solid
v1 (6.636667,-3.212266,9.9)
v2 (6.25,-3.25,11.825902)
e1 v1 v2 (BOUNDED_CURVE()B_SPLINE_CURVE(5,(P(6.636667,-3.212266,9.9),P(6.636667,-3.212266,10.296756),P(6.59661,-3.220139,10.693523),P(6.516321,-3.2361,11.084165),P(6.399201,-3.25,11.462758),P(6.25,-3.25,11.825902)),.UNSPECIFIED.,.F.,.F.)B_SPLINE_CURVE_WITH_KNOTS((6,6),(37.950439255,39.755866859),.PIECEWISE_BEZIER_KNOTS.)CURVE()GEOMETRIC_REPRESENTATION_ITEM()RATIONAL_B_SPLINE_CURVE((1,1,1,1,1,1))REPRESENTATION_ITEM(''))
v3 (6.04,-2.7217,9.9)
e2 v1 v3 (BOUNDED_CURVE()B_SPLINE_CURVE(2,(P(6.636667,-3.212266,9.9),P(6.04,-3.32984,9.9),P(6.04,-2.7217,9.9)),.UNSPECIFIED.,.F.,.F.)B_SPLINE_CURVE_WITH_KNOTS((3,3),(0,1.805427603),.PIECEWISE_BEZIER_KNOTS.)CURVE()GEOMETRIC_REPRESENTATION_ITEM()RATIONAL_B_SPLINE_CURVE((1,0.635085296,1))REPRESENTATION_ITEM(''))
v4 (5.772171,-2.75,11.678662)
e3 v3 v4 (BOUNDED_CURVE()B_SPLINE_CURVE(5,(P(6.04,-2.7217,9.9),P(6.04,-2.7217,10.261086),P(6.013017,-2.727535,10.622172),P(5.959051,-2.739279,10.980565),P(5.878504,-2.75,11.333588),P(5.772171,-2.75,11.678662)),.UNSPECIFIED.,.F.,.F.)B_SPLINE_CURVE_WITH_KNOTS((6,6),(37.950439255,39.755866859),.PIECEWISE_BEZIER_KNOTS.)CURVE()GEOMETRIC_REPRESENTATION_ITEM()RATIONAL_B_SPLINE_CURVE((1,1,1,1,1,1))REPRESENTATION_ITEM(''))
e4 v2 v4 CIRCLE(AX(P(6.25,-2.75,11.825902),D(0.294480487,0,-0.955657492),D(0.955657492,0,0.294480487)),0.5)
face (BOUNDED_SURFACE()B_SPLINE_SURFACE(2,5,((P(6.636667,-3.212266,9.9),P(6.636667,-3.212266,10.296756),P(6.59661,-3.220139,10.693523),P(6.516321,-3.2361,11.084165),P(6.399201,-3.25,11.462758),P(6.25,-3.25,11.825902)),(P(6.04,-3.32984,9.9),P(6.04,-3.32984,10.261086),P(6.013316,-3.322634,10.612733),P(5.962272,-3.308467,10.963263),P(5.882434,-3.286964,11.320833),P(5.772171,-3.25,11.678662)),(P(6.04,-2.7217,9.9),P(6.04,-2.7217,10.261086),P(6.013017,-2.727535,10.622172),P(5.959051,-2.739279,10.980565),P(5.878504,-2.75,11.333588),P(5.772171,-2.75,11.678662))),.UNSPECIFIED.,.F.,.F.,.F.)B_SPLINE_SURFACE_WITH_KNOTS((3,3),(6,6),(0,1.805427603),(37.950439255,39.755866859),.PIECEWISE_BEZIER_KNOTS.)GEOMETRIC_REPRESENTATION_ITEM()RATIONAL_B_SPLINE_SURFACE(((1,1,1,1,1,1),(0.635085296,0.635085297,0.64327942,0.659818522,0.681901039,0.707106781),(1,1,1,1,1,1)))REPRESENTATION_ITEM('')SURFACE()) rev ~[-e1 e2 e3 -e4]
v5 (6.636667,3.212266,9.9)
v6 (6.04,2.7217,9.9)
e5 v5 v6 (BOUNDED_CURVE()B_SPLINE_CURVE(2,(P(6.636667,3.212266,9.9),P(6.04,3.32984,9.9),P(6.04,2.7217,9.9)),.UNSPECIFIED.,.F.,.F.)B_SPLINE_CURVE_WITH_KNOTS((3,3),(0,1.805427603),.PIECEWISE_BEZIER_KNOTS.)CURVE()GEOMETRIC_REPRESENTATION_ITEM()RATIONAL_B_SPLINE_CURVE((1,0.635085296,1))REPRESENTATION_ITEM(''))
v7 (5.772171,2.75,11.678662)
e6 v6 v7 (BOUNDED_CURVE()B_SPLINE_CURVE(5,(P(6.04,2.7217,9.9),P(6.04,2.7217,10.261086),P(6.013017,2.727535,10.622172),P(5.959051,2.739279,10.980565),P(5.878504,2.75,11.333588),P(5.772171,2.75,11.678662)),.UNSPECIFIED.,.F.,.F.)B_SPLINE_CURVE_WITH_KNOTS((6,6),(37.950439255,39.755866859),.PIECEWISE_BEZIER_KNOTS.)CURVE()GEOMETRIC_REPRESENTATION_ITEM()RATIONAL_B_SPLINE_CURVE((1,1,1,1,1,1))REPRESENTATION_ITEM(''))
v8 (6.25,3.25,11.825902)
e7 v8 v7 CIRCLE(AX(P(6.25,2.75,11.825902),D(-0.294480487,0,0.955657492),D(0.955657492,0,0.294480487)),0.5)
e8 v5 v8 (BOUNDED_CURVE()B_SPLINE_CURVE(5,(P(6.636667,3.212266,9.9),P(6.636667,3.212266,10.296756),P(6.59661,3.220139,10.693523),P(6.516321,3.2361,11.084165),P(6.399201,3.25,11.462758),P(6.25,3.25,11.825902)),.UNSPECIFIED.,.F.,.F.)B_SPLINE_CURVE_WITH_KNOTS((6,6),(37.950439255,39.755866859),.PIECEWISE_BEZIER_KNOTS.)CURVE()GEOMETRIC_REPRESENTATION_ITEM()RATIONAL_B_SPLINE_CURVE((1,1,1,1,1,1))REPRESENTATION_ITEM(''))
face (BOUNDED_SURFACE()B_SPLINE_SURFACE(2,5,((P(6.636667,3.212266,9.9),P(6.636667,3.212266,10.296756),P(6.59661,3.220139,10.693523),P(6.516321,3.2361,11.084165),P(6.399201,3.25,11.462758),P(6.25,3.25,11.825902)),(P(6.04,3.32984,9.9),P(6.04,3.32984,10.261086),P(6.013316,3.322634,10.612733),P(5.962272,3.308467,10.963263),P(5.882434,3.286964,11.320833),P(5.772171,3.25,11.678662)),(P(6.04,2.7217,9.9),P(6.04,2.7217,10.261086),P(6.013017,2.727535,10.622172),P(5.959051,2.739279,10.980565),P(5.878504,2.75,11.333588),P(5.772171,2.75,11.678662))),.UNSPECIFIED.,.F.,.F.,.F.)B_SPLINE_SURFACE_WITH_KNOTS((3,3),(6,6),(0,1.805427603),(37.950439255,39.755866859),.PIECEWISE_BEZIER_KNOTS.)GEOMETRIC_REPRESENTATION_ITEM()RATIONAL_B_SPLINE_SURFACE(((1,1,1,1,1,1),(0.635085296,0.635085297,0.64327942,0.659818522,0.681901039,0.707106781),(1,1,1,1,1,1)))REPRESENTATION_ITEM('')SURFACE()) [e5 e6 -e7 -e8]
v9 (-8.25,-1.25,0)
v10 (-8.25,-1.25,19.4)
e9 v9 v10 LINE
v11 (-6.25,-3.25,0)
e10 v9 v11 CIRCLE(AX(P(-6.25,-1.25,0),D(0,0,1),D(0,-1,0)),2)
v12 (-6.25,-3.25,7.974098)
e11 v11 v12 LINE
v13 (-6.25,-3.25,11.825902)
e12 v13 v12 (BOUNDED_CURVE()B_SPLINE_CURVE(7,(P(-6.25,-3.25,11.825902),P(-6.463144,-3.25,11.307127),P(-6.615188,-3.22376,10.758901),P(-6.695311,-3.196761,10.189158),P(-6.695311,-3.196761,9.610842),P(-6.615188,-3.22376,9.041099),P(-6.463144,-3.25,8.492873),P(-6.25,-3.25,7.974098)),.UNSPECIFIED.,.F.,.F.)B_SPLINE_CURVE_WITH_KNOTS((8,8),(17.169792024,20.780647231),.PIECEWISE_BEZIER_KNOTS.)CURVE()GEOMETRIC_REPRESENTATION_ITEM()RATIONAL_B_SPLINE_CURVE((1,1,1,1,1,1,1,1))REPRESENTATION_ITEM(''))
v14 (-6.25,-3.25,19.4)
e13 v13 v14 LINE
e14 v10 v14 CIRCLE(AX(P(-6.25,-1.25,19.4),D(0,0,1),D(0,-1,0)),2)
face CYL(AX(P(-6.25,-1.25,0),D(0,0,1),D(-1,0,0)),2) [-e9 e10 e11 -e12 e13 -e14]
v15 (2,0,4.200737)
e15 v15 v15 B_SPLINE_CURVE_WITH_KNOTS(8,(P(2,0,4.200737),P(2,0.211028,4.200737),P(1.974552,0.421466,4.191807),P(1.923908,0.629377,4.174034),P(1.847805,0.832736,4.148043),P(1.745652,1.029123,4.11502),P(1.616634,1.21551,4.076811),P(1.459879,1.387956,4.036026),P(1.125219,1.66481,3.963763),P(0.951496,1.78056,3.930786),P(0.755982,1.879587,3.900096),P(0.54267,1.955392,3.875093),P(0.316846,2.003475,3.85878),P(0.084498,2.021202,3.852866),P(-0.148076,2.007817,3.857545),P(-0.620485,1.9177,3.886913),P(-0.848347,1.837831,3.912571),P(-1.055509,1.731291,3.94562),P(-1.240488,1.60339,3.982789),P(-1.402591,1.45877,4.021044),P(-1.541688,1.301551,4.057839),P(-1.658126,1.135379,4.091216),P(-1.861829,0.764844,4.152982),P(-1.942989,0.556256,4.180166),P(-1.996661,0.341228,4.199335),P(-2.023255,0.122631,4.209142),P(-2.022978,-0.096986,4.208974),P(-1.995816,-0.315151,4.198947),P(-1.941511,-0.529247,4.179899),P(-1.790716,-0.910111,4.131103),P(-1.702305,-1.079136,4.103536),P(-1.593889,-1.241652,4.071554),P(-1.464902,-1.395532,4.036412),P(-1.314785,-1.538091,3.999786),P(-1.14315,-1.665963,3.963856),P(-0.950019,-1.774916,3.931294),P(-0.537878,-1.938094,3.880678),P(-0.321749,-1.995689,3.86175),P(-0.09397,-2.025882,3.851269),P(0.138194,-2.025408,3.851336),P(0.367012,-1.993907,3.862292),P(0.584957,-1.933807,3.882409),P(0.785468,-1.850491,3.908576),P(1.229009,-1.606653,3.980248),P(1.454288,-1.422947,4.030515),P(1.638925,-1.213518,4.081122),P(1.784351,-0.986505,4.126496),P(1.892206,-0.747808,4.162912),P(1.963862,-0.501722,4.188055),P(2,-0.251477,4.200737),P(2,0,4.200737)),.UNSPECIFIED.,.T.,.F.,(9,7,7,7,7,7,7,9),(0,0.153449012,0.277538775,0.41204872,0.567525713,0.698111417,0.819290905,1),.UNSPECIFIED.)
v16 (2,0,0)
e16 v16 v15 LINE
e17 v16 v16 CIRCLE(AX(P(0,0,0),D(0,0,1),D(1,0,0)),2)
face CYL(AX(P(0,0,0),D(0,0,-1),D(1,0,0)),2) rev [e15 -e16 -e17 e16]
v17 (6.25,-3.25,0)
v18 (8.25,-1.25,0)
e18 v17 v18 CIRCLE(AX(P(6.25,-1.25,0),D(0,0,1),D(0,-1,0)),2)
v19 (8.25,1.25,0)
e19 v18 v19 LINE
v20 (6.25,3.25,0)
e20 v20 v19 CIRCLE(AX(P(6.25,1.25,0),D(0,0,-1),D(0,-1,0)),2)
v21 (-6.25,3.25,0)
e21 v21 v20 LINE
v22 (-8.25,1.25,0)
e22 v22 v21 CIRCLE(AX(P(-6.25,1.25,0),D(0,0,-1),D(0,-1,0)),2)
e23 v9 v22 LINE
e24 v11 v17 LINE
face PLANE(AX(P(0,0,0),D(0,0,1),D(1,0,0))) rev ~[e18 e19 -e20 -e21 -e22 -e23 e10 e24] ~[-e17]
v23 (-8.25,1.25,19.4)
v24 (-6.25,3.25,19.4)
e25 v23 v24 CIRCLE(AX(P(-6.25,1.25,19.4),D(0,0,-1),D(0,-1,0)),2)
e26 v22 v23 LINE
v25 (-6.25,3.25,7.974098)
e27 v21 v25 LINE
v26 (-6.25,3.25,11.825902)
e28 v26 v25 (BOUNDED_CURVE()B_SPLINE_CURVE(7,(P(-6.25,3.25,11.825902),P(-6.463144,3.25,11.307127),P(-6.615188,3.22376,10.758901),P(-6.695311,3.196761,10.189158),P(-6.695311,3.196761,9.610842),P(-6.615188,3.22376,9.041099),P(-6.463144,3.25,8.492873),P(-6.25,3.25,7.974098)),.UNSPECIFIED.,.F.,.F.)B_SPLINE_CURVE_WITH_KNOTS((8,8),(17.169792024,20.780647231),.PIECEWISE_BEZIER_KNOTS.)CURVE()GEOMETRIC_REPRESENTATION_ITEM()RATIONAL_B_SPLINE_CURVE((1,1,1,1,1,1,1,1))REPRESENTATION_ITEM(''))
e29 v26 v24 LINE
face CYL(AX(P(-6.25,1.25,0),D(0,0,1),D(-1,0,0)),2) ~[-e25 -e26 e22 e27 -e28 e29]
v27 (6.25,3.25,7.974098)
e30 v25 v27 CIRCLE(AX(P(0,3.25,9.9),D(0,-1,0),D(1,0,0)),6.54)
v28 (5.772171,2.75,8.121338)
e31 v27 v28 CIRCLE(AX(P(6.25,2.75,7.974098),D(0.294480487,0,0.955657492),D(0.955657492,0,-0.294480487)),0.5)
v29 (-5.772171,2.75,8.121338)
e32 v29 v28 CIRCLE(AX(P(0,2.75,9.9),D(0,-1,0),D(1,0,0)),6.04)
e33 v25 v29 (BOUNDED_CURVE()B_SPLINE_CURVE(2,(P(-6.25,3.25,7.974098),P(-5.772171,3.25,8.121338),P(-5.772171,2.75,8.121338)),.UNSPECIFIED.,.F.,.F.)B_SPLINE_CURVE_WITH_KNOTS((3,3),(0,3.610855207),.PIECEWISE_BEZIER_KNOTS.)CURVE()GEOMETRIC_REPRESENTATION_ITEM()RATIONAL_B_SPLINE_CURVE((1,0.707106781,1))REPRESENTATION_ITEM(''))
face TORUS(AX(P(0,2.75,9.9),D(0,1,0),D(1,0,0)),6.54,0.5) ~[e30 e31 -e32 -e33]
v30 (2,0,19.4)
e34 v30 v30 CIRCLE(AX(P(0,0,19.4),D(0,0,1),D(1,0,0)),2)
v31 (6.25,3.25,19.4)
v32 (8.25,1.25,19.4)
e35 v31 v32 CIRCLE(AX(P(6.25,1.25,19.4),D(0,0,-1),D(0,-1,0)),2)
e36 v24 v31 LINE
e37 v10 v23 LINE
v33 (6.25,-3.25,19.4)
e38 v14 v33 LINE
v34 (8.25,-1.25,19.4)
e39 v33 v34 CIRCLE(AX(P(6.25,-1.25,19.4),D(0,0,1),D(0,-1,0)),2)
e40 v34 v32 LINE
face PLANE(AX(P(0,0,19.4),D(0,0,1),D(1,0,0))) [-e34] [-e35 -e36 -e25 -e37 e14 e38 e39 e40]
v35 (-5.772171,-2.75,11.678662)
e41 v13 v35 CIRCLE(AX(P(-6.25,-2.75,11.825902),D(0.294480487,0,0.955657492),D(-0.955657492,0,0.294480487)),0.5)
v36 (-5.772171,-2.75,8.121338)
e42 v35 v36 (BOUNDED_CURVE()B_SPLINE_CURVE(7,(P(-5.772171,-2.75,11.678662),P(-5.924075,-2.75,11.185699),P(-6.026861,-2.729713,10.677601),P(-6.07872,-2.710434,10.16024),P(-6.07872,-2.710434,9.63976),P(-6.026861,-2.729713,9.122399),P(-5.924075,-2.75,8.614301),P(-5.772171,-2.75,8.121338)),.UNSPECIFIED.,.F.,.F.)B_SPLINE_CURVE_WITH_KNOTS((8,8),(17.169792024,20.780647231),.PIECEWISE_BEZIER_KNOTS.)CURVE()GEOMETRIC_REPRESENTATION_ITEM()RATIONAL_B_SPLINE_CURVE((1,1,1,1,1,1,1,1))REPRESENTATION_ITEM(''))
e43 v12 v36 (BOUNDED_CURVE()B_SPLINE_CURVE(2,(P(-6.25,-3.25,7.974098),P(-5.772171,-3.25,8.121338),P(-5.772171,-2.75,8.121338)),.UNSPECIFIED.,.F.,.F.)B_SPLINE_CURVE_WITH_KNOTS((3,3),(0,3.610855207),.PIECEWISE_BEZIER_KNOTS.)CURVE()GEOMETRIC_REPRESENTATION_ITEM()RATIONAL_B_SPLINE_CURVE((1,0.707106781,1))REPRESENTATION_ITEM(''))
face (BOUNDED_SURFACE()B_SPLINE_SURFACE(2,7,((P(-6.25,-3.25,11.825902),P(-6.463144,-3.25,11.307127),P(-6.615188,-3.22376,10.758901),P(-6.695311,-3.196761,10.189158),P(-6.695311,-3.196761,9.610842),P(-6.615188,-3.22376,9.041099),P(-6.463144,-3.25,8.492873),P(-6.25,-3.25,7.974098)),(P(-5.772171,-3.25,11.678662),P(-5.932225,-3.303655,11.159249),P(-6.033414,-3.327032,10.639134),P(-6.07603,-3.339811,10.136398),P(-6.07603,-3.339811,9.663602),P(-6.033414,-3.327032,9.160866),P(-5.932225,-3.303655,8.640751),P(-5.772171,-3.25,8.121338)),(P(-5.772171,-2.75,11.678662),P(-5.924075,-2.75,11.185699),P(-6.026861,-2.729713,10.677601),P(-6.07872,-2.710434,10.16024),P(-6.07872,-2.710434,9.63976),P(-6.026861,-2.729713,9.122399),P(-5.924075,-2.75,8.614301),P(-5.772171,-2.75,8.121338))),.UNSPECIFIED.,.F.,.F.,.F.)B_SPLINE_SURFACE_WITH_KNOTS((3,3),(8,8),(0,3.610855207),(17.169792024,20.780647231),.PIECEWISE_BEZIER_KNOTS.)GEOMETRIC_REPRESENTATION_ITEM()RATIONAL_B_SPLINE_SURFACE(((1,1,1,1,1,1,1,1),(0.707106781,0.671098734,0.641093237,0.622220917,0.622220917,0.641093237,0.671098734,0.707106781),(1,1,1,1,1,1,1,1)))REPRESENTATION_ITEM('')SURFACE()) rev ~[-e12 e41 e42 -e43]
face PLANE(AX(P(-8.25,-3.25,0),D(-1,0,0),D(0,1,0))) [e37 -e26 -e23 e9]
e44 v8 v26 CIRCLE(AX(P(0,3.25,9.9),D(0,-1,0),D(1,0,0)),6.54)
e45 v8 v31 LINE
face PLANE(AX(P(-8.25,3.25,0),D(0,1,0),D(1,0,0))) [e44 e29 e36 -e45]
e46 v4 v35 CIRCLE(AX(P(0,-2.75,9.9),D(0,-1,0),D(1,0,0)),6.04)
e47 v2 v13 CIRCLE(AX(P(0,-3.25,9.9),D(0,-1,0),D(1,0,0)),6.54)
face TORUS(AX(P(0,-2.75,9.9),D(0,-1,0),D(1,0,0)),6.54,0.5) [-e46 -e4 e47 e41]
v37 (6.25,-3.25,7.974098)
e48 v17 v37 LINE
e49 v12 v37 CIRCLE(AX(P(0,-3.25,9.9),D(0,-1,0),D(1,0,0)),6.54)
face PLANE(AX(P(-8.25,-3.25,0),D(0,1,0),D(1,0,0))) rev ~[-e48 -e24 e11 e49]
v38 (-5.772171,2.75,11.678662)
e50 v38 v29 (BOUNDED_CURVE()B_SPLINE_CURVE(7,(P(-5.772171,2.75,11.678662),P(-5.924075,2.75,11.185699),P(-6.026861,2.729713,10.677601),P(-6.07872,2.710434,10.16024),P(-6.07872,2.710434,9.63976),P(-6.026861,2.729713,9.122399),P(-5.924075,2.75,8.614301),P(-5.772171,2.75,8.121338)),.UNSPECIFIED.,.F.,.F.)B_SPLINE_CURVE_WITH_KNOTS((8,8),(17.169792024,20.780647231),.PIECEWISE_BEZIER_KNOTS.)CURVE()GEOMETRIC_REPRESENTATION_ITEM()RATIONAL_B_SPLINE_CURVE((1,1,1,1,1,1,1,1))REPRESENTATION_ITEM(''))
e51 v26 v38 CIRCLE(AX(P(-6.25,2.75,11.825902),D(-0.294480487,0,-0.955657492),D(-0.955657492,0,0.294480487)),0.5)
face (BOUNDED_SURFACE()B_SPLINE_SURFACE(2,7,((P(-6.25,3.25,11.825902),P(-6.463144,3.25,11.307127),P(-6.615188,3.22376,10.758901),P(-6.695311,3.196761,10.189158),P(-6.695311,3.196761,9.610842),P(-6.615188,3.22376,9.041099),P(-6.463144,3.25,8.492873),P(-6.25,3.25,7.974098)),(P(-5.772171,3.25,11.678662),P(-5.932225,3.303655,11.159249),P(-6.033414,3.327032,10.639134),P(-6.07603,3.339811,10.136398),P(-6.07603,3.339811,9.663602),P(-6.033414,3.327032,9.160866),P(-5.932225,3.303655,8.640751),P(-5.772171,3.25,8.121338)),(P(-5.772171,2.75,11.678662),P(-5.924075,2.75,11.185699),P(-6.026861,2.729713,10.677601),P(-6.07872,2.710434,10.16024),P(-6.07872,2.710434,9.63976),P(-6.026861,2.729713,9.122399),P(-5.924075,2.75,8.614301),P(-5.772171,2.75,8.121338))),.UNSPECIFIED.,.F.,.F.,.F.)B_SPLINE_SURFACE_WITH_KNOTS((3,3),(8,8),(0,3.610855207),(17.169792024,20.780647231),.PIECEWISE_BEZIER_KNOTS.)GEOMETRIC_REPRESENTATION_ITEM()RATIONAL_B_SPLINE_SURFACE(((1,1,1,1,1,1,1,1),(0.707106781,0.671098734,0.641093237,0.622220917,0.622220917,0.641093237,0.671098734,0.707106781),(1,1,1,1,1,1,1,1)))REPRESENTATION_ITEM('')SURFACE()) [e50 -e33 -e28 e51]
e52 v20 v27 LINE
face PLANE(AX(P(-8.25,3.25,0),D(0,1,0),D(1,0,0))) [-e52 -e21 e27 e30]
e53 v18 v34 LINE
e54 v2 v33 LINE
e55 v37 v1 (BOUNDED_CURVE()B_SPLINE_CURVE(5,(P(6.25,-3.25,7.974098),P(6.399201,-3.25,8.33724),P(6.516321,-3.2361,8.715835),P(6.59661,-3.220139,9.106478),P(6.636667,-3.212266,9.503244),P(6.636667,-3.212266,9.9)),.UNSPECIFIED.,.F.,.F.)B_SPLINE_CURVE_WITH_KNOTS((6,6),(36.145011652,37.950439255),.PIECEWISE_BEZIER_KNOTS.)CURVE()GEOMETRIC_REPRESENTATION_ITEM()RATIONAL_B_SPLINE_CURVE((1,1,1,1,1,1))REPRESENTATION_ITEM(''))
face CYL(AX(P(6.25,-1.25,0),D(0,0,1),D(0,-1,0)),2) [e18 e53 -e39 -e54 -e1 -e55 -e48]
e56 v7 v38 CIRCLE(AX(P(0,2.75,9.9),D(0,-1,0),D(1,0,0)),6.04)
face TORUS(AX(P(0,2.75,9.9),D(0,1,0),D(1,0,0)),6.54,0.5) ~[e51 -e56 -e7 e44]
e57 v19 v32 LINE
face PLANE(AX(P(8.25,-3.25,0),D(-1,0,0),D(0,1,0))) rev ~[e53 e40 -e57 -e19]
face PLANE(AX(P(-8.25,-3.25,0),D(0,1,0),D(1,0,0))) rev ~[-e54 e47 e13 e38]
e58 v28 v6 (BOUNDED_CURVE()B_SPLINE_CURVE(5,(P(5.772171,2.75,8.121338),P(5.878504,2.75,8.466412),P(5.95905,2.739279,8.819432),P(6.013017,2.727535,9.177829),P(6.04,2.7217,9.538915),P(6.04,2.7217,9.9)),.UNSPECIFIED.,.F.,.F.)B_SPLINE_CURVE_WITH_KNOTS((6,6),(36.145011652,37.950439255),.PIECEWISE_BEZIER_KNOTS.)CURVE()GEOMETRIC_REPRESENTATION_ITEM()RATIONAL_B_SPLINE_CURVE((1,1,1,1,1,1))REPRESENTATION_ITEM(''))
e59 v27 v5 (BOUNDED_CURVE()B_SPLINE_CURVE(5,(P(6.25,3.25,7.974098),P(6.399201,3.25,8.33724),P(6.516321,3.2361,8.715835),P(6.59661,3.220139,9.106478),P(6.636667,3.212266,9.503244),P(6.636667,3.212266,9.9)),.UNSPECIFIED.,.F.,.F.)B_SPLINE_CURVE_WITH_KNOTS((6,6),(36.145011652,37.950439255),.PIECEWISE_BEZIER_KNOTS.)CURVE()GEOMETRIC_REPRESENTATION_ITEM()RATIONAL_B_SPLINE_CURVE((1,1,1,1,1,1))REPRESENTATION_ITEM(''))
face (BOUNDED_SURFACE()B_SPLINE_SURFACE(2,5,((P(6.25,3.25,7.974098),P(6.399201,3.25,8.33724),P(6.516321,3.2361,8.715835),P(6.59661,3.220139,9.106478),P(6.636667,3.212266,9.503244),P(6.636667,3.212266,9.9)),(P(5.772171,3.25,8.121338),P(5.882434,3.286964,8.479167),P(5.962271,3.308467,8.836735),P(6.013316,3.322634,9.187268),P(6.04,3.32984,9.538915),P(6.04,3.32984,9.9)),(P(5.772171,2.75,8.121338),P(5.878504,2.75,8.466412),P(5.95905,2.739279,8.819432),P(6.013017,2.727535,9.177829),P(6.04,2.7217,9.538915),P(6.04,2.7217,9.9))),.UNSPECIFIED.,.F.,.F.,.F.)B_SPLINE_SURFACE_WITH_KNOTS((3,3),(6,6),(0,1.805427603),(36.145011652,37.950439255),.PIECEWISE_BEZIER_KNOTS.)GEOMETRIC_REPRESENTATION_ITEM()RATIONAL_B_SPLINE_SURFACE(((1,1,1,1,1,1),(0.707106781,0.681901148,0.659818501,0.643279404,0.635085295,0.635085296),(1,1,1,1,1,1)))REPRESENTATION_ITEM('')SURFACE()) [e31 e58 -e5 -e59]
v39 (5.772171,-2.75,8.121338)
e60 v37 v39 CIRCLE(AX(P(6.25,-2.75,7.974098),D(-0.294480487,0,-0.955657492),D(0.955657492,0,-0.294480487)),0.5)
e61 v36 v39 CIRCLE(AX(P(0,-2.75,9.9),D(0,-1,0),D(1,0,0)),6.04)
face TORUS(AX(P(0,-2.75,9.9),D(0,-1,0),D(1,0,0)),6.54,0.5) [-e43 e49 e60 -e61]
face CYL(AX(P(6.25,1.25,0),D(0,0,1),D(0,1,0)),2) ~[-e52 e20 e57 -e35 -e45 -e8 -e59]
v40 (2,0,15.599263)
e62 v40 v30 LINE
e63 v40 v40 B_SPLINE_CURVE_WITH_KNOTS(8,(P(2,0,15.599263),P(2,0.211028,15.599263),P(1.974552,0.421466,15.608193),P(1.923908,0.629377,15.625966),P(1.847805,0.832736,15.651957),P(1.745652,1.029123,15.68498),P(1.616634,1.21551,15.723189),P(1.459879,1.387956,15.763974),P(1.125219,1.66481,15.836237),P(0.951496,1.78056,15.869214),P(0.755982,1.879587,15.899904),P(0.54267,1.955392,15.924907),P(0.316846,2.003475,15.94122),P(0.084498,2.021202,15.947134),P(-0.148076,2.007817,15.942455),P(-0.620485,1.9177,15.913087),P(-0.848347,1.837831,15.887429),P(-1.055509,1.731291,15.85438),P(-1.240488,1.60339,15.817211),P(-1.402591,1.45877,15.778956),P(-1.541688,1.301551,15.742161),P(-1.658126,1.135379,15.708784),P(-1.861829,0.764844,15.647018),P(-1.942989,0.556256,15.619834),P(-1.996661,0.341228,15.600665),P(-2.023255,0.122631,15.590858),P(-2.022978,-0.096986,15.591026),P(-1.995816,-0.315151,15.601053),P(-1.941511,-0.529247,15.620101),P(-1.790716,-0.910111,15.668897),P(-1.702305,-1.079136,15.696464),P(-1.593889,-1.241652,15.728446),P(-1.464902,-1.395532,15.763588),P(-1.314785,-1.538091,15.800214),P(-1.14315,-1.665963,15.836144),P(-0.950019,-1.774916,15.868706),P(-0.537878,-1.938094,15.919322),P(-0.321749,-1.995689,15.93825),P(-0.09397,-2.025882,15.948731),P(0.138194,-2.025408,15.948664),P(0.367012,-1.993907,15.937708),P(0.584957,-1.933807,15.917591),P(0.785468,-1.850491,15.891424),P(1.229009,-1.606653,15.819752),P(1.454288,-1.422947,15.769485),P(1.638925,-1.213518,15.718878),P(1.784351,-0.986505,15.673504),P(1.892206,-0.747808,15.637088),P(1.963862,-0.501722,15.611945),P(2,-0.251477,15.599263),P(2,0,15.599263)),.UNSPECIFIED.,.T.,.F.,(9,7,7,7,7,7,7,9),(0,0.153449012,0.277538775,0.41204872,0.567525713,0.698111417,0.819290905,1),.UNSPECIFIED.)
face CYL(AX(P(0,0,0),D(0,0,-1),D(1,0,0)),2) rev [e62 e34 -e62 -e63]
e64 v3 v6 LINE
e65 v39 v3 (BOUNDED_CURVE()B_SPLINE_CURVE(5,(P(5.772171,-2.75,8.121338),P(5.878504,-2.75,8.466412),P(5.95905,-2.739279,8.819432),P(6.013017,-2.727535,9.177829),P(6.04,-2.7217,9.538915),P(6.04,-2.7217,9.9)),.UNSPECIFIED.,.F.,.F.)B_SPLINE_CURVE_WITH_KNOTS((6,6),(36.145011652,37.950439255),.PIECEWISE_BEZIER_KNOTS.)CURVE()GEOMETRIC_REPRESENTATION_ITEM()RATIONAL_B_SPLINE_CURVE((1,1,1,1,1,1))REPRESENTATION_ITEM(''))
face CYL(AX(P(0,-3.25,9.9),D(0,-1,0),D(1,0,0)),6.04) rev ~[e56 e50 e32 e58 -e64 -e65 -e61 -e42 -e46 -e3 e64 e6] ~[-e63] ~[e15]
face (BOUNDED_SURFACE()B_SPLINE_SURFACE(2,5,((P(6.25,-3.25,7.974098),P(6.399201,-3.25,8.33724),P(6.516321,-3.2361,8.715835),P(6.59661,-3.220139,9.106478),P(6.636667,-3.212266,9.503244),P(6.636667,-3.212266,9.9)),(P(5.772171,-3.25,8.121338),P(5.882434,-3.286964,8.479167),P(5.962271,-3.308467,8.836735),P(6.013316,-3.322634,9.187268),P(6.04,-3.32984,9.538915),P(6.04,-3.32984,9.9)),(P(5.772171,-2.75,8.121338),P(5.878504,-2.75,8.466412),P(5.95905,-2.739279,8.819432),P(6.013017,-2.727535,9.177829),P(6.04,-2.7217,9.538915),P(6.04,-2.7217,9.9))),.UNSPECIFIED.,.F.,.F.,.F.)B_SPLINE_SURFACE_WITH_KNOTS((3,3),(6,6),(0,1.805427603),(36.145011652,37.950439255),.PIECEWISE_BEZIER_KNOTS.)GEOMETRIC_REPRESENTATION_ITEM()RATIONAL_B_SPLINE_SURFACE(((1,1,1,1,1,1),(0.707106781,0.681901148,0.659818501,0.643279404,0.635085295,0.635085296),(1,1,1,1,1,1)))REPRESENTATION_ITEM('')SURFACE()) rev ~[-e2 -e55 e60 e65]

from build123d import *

# Parameters (mm, degrees)
F0_W          = 16.5
F0_H          = 6.5
F0_R          = 2
F1_DEPTH      = 19.4
F2_R          = 6.04
F3_DEPTH      = 25
F3_DEPTH_BACK = 25
F4_DEPTH      = 3
F5_R          = 2
F6_R          = 0.5


with BuildPart() as f1:
    # F0 (on Top) → F1 (new body)
    with BuildSketch(Plane.XY):
        Rectangle(F0_W, F0_H)
        Circle(F0_R, mode=Mode.SUBTRACT)
    extrude(amount=F1_DEPTH)

    # F2 (on face) → F3 (cut, two sides)
    with BuildSketch(Plane.XZ.offset(3.25)) as f3_sk:
        with Locations((0, 9.9)):
            Circle(F2_R)
    extrude(amount=-F3_DEPTH, mode=Mode.SUBTRACT)
    extrude(f3_sk.sketch, amount=-F3_DEPTH_BACK, mode=Mode.SUBTRACT)

    # F0 (on Top) → F4 (cut)
    with BuildSketch(Plane.XY):
        Rectangle(F0_W, F0_H)
        Circle(F0_R, mode=Mode.SUBTRACT)
    extrude(amount=-F4_DEPTH, mode=Mode.SUBTRACT)

    # F5
    f5_edges = [f1.edges().sort_by_distance(p)[0] for p in [
        (8.25, -3.25, 9.7),
        (-8.25, -3.25, 9.7),
        (-8.25, 3.25, 9.7),
        (8.25, 3.25, 9.7),
    ]]
    fillet(f5_edges, radius=F5_R)

    # F6
    f6_edges = [f1.edges().sort_by_distance(p)[0] for p in [
        (-6.04, -3.25, 9.9),
        (-6.04, 3.25, 9.9),
    ]]
    fillet(f6_edges, radius=F6_R)


solid = f1.part
